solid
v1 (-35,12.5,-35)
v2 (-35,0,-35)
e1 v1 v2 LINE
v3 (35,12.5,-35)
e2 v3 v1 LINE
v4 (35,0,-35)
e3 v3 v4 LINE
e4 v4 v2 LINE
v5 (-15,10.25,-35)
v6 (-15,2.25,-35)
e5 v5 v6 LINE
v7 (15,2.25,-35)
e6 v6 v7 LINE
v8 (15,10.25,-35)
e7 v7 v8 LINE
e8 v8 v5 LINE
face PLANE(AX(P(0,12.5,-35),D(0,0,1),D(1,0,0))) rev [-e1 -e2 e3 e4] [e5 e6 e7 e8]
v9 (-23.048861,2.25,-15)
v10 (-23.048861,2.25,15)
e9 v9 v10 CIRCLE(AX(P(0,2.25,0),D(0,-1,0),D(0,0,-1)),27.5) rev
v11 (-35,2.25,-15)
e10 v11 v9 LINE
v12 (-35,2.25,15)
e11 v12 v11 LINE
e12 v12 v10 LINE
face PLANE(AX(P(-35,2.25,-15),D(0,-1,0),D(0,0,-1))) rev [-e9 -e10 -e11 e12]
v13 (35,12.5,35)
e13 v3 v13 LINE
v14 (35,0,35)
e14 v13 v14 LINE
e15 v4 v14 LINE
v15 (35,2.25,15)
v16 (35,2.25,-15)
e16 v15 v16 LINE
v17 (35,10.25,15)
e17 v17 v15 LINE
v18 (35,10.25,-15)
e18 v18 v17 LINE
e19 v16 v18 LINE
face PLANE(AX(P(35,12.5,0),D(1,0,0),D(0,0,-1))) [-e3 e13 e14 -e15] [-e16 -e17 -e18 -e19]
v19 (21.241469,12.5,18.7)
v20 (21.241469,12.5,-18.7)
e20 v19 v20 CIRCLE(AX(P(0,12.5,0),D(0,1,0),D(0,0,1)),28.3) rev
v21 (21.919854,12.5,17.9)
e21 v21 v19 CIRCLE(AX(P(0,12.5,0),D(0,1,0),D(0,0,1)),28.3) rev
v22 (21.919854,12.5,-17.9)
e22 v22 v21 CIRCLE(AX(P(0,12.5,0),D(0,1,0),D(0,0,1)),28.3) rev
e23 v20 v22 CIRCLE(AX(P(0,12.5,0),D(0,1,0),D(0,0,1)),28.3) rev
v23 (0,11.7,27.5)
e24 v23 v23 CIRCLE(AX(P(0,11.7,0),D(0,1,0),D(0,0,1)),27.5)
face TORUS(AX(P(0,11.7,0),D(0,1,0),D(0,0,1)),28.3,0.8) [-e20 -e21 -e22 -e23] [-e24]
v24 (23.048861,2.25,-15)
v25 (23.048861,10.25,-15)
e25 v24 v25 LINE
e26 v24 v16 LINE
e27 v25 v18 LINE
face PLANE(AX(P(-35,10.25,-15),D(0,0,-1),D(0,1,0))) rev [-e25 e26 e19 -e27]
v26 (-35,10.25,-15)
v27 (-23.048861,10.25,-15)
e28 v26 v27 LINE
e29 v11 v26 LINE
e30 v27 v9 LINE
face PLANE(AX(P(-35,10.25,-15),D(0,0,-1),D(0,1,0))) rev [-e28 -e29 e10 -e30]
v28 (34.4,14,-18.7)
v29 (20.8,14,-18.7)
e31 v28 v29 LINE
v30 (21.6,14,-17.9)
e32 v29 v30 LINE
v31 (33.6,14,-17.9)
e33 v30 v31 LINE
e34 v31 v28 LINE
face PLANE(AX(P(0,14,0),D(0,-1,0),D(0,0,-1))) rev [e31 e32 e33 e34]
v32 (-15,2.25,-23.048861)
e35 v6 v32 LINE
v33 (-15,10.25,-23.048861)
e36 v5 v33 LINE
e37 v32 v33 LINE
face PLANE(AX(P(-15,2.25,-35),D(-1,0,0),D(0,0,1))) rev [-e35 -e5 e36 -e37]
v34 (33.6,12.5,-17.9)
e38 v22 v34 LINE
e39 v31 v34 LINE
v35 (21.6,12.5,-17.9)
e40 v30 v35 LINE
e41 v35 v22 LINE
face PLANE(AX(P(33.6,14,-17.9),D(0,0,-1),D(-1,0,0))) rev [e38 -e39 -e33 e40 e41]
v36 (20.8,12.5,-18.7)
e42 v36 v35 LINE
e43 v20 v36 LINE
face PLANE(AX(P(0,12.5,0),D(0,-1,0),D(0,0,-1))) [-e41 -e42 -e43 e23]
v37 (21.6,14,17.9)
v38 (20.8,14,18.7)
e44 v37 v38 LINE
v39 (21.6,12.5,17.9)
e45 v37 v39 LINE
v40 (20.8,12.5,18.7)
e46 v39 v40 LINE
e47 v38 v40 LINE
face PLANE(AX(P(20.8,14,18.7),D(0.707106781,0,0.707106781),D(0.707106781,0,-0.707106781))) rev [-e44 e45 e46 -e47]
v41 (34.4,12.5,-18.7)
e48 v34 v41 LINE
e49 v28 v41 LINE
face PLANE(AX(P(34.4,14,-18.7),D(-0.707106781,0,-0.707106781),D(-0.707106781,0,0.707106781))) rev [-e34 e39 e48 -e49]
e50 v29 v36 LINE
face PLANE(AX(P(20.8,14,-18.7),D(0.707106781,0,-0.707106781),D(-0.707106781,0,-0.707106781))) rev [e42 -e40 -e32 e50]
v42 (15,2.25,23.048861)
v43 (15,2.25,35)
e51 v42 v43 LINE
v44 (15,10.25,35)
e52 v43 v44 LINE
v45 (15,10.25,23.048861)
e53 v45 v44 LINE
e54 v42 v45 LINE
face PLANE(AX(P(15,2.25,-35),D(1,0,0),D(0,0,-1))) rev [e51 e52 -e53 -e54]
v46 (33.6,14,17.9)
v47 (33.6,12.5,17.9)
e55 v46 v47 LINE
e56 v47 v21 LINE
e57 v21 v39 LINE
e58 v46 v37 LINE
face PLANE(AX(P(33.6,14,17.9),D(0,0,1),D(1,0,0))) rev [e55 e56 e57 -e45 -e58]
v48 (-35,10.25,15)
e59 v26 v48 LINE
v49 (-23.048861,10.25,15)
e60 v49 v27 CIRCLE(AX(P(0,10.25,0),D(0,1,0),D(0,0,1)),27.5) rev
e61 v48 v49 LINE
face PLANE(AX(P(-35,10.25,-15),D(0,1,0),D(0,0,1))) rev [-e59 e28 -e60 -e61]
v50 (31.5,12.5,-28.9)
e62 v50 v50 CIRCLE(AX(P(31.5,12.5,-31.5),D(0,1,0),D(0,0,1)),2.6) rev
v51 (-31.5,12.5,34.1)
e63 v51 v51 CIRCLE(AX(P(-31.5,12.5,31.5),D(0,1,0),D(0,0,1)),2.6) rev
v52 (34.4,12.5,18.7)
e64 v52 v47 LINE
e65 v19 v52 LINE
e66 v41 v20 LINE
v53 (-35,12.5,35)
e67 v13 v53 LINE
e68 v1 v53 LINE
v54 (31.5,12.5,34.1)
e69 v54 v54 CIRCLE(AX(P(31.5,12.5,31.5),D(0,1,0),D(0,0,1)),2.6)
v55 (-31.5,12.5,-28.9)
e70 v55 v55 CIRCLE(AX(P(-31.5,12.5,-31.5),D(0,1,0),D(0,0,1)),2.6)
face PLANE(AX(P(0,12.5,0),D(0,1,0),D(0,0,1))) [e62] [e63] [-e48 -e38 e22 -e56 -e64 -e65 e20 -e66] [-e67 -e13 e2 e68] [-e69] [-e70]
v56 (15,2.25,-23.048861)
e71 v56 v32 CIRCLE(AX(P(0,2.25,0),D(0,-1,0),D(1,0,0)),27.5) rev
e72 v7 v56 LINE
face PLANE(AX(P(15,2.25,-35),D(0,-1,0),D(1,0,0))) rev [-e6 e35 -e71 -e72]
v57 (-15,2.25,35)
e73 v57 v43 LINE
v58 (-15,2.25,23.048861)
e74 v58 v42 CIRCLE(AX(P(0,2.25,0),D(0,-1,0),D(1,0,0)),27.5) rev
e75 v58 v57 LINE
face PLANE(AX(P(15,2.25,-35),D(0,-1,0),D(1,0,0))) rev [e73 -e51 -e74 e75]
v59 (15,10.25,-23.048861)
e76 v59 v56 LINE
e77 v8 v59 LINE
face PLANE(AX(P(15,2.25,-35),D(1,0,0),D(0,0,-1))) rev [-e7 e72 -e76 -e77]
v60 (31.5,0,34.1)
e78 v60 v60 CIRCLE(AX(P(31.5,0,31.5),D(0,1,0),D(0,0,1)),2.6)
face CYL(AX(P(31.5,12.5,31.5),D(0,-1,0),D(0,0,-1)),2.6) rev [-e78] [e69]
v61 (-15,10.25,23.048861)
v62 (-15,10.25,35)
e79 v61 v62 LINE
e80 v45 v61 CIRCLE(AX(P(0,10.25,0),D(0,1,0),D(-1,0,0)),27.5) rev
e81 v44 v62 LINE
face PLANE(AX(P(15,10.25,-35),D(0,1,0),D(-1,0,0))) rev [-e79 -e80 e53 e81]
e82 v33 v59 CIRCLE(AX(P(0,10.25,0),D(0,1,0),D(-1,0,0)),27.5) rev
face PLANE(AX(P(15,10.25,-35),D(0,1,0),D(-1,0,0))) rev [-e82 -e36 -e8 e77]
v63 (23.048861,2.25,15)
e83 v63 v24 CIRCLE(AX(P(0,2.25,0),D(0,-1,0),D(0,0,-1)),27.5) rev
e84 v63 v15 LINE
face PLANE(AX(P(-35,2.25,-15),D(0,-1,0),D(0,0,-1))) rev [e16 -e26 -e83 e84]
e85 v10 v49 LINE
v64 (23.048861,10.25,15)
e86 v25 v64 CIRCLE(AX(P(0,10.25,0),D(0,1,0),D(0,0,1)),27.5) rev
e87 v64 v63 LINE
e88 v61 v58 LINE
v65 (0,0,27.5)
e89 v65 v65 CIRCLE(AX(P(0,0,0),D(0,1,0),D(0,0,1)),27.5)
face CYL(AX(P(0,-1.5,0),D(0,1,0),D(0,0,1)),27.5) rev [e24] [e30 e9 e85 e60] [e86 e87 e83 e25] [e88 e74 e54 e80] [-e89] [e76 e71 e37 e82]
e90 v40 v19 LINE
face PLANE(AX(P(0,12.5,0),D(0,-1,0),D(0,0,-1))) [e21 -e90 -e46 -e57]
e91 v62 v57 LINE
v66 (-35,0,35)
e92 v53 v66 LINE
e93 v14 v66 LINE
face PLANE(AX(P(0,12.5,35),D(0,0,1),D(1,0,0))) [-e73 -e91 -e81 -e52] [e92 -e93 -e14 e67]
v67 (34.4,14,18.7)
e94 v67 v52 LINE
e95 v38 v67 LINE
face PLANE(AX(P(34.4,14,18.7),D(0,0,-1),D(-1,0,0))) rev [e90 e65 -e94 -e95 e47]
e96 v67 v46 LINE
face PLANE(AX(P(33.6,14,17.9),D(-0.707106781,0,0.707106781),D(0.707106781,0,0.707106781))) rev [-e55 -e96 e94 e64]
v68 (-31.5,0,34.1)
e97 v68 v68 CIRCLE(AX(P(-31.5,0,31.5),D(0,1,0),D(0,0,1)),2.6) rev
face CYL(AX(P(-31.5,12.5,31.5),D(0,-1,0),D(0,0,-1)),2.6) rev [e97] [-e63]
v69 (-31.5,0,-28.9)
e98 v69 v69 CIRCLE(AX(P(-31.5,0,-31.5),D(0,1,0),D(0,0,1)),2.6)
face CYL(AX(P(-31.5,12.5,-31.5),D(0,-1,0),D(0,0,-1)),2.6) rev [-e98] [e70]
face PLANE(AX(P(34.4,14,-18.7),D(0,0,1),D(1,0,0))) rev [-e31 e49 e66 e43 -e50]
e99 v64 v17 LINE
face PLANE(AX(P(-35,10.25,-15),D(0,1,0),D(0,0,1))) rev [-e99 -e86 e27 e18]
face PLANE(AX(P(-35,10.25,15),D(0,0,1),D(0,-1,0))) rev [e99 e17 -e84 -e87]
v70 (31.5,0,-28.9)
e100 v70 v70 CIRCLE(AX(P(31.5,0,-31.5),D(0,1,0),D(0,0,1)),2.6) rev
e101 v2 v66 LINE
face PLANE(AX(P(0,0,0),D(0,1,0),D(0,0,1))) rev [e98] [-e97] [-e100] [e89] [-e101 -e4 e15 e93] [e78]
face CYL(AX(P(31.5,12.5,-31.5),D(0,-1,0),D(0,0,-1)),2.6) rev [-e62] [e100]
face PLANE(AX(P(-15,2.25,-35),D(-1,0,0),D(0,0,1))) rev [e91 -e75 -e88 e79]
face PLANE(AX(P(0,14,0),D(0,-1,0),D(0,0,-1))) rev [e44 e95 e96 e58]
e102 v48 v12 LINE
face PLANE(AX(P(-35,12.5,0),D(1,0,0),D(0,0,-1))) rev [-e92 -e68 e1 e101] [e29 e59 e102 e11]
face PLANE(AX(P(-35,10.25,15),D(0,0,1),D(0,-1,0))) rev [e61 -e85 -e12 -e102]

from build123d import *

# Parameters (mm, degrees)
SKETCH1_W           = 70
SKETCH1_H           = 70
SKETCH1_R           = 2.6
BOSS_EXTRUDE1_DEPTH = 12.5
SKETCH2_R           = 27.5
CUT_EXTRUDE1_DEPTH  = 14
FILLET1_R           = 0.8
BOSS_EXTRUDE2_DEPTH = 1.5
SKETCH5_W           = 30
SKETCH5_H           = 8
CUT_EXTRUDE2_DEPTH  = 80.504716841
SKETCH6_W           = 30
SKETCH6_H           = 8
CUT_EXTRUDE3_DEPTH  = 80.504716841


with BuildPart() as part:
    # Sketch1 → Boss-Extrude1 (new body)
    with BuildSketch(Plane(origin=(0, 0, 0), x_dir=(1, 0, 0), z_dir=(0, 1, 0))):
        Rectangle(SKETCH1_W, SKETCH1_H)
        with Locations(Location((31.5, 31.5, 0), (0, 0, 270))):
            Circle(SKETCH1_R, mode=Mode.SUBTRACT)
        with Locations(Location((-31.5, 31.5, 0), (0, 0, 270))):
            Circle(SKETCH1_R, mode=Mode.SUBTRACT)
        with Locations(Location((31.5, -31.5, 0), (0, 0, 270))):
            Circle(SKETCH1_R, mode=Mode.SUBTRACT)
        with Locations(Location((-31.5, -31.5, 0), (0, 0, 270))):
            Circle(SKETCH1_R, mode=Mode.SUBTRACT)
    extrude(amount=BOSS_EXTRUDE1_DEPTH)

    # Sketch2 → Cut-Extrude1 (cut)
    with BuildSketch(Plane(origin=(0, 12.5, 0), x_dir=(1, 0, 0), z_dir=(0, 1, 0))):
        with Locations(Location((0, 0, 0), (0, 0, 270))):
            Circle(SKETCH2_R)
    extrude(amount=-CUT_EXTRUDE1_DEPTH, mode=Mode.SUBTRACT)

    # Fillet1
    fillet1_edges = [part.edges().sort_by_distance(p)[0] for p in [
        (0, 12.5, -27.5),
    ]]
    fillet(fillet1_edges, radius=FILLET1_R)

    # Sketch3 → Boss-Extrude2 (add)
    with BuildSketch(Plane(origin=(0, 12.5, 0), x_dir=(1, 0, 0), z_dir=(0, 1, 0))):
        Polygon((33.6, 17.9), (21.6, 17.9), (20.8, 18.7), (34.4, 18.7), align=None)
        Polygon((33.6, -17.9), (21.6, -17.9), (20.8, -18.7), (34.4, -18.7), align=None)
    extrude(amount=BOSS_EXTRUDE2_DEPTH)

    # Sketch5 → Cut-Extrude2 (cut, through all)
    with BuildSketch(Plane.XY.offset(35)):
        with Locations((0, 6.25)):
            Rectangle(SKETCH5_W, SKETCH5_H)
    extrude(amount=-CUT_EXTRUDE2_DEPTH, mode=Mode.SUBTRACT)

    # Sketch6 → Cut-Extrude3 (cut, through all)
    with BuildSketch(Plane(origin=(35, 0, 0), x_dir=(0, 0, -1), z_dir=(1, 0, 0))):
        with Locations((0, 6.25)):
            Rectangle(SKETCH6_W, SKETCH6_H)
    extrude(amount=-CUT_EXTRUDE3_DEPTH, mode=Mode.SUBTRACT)


solid = part.part
